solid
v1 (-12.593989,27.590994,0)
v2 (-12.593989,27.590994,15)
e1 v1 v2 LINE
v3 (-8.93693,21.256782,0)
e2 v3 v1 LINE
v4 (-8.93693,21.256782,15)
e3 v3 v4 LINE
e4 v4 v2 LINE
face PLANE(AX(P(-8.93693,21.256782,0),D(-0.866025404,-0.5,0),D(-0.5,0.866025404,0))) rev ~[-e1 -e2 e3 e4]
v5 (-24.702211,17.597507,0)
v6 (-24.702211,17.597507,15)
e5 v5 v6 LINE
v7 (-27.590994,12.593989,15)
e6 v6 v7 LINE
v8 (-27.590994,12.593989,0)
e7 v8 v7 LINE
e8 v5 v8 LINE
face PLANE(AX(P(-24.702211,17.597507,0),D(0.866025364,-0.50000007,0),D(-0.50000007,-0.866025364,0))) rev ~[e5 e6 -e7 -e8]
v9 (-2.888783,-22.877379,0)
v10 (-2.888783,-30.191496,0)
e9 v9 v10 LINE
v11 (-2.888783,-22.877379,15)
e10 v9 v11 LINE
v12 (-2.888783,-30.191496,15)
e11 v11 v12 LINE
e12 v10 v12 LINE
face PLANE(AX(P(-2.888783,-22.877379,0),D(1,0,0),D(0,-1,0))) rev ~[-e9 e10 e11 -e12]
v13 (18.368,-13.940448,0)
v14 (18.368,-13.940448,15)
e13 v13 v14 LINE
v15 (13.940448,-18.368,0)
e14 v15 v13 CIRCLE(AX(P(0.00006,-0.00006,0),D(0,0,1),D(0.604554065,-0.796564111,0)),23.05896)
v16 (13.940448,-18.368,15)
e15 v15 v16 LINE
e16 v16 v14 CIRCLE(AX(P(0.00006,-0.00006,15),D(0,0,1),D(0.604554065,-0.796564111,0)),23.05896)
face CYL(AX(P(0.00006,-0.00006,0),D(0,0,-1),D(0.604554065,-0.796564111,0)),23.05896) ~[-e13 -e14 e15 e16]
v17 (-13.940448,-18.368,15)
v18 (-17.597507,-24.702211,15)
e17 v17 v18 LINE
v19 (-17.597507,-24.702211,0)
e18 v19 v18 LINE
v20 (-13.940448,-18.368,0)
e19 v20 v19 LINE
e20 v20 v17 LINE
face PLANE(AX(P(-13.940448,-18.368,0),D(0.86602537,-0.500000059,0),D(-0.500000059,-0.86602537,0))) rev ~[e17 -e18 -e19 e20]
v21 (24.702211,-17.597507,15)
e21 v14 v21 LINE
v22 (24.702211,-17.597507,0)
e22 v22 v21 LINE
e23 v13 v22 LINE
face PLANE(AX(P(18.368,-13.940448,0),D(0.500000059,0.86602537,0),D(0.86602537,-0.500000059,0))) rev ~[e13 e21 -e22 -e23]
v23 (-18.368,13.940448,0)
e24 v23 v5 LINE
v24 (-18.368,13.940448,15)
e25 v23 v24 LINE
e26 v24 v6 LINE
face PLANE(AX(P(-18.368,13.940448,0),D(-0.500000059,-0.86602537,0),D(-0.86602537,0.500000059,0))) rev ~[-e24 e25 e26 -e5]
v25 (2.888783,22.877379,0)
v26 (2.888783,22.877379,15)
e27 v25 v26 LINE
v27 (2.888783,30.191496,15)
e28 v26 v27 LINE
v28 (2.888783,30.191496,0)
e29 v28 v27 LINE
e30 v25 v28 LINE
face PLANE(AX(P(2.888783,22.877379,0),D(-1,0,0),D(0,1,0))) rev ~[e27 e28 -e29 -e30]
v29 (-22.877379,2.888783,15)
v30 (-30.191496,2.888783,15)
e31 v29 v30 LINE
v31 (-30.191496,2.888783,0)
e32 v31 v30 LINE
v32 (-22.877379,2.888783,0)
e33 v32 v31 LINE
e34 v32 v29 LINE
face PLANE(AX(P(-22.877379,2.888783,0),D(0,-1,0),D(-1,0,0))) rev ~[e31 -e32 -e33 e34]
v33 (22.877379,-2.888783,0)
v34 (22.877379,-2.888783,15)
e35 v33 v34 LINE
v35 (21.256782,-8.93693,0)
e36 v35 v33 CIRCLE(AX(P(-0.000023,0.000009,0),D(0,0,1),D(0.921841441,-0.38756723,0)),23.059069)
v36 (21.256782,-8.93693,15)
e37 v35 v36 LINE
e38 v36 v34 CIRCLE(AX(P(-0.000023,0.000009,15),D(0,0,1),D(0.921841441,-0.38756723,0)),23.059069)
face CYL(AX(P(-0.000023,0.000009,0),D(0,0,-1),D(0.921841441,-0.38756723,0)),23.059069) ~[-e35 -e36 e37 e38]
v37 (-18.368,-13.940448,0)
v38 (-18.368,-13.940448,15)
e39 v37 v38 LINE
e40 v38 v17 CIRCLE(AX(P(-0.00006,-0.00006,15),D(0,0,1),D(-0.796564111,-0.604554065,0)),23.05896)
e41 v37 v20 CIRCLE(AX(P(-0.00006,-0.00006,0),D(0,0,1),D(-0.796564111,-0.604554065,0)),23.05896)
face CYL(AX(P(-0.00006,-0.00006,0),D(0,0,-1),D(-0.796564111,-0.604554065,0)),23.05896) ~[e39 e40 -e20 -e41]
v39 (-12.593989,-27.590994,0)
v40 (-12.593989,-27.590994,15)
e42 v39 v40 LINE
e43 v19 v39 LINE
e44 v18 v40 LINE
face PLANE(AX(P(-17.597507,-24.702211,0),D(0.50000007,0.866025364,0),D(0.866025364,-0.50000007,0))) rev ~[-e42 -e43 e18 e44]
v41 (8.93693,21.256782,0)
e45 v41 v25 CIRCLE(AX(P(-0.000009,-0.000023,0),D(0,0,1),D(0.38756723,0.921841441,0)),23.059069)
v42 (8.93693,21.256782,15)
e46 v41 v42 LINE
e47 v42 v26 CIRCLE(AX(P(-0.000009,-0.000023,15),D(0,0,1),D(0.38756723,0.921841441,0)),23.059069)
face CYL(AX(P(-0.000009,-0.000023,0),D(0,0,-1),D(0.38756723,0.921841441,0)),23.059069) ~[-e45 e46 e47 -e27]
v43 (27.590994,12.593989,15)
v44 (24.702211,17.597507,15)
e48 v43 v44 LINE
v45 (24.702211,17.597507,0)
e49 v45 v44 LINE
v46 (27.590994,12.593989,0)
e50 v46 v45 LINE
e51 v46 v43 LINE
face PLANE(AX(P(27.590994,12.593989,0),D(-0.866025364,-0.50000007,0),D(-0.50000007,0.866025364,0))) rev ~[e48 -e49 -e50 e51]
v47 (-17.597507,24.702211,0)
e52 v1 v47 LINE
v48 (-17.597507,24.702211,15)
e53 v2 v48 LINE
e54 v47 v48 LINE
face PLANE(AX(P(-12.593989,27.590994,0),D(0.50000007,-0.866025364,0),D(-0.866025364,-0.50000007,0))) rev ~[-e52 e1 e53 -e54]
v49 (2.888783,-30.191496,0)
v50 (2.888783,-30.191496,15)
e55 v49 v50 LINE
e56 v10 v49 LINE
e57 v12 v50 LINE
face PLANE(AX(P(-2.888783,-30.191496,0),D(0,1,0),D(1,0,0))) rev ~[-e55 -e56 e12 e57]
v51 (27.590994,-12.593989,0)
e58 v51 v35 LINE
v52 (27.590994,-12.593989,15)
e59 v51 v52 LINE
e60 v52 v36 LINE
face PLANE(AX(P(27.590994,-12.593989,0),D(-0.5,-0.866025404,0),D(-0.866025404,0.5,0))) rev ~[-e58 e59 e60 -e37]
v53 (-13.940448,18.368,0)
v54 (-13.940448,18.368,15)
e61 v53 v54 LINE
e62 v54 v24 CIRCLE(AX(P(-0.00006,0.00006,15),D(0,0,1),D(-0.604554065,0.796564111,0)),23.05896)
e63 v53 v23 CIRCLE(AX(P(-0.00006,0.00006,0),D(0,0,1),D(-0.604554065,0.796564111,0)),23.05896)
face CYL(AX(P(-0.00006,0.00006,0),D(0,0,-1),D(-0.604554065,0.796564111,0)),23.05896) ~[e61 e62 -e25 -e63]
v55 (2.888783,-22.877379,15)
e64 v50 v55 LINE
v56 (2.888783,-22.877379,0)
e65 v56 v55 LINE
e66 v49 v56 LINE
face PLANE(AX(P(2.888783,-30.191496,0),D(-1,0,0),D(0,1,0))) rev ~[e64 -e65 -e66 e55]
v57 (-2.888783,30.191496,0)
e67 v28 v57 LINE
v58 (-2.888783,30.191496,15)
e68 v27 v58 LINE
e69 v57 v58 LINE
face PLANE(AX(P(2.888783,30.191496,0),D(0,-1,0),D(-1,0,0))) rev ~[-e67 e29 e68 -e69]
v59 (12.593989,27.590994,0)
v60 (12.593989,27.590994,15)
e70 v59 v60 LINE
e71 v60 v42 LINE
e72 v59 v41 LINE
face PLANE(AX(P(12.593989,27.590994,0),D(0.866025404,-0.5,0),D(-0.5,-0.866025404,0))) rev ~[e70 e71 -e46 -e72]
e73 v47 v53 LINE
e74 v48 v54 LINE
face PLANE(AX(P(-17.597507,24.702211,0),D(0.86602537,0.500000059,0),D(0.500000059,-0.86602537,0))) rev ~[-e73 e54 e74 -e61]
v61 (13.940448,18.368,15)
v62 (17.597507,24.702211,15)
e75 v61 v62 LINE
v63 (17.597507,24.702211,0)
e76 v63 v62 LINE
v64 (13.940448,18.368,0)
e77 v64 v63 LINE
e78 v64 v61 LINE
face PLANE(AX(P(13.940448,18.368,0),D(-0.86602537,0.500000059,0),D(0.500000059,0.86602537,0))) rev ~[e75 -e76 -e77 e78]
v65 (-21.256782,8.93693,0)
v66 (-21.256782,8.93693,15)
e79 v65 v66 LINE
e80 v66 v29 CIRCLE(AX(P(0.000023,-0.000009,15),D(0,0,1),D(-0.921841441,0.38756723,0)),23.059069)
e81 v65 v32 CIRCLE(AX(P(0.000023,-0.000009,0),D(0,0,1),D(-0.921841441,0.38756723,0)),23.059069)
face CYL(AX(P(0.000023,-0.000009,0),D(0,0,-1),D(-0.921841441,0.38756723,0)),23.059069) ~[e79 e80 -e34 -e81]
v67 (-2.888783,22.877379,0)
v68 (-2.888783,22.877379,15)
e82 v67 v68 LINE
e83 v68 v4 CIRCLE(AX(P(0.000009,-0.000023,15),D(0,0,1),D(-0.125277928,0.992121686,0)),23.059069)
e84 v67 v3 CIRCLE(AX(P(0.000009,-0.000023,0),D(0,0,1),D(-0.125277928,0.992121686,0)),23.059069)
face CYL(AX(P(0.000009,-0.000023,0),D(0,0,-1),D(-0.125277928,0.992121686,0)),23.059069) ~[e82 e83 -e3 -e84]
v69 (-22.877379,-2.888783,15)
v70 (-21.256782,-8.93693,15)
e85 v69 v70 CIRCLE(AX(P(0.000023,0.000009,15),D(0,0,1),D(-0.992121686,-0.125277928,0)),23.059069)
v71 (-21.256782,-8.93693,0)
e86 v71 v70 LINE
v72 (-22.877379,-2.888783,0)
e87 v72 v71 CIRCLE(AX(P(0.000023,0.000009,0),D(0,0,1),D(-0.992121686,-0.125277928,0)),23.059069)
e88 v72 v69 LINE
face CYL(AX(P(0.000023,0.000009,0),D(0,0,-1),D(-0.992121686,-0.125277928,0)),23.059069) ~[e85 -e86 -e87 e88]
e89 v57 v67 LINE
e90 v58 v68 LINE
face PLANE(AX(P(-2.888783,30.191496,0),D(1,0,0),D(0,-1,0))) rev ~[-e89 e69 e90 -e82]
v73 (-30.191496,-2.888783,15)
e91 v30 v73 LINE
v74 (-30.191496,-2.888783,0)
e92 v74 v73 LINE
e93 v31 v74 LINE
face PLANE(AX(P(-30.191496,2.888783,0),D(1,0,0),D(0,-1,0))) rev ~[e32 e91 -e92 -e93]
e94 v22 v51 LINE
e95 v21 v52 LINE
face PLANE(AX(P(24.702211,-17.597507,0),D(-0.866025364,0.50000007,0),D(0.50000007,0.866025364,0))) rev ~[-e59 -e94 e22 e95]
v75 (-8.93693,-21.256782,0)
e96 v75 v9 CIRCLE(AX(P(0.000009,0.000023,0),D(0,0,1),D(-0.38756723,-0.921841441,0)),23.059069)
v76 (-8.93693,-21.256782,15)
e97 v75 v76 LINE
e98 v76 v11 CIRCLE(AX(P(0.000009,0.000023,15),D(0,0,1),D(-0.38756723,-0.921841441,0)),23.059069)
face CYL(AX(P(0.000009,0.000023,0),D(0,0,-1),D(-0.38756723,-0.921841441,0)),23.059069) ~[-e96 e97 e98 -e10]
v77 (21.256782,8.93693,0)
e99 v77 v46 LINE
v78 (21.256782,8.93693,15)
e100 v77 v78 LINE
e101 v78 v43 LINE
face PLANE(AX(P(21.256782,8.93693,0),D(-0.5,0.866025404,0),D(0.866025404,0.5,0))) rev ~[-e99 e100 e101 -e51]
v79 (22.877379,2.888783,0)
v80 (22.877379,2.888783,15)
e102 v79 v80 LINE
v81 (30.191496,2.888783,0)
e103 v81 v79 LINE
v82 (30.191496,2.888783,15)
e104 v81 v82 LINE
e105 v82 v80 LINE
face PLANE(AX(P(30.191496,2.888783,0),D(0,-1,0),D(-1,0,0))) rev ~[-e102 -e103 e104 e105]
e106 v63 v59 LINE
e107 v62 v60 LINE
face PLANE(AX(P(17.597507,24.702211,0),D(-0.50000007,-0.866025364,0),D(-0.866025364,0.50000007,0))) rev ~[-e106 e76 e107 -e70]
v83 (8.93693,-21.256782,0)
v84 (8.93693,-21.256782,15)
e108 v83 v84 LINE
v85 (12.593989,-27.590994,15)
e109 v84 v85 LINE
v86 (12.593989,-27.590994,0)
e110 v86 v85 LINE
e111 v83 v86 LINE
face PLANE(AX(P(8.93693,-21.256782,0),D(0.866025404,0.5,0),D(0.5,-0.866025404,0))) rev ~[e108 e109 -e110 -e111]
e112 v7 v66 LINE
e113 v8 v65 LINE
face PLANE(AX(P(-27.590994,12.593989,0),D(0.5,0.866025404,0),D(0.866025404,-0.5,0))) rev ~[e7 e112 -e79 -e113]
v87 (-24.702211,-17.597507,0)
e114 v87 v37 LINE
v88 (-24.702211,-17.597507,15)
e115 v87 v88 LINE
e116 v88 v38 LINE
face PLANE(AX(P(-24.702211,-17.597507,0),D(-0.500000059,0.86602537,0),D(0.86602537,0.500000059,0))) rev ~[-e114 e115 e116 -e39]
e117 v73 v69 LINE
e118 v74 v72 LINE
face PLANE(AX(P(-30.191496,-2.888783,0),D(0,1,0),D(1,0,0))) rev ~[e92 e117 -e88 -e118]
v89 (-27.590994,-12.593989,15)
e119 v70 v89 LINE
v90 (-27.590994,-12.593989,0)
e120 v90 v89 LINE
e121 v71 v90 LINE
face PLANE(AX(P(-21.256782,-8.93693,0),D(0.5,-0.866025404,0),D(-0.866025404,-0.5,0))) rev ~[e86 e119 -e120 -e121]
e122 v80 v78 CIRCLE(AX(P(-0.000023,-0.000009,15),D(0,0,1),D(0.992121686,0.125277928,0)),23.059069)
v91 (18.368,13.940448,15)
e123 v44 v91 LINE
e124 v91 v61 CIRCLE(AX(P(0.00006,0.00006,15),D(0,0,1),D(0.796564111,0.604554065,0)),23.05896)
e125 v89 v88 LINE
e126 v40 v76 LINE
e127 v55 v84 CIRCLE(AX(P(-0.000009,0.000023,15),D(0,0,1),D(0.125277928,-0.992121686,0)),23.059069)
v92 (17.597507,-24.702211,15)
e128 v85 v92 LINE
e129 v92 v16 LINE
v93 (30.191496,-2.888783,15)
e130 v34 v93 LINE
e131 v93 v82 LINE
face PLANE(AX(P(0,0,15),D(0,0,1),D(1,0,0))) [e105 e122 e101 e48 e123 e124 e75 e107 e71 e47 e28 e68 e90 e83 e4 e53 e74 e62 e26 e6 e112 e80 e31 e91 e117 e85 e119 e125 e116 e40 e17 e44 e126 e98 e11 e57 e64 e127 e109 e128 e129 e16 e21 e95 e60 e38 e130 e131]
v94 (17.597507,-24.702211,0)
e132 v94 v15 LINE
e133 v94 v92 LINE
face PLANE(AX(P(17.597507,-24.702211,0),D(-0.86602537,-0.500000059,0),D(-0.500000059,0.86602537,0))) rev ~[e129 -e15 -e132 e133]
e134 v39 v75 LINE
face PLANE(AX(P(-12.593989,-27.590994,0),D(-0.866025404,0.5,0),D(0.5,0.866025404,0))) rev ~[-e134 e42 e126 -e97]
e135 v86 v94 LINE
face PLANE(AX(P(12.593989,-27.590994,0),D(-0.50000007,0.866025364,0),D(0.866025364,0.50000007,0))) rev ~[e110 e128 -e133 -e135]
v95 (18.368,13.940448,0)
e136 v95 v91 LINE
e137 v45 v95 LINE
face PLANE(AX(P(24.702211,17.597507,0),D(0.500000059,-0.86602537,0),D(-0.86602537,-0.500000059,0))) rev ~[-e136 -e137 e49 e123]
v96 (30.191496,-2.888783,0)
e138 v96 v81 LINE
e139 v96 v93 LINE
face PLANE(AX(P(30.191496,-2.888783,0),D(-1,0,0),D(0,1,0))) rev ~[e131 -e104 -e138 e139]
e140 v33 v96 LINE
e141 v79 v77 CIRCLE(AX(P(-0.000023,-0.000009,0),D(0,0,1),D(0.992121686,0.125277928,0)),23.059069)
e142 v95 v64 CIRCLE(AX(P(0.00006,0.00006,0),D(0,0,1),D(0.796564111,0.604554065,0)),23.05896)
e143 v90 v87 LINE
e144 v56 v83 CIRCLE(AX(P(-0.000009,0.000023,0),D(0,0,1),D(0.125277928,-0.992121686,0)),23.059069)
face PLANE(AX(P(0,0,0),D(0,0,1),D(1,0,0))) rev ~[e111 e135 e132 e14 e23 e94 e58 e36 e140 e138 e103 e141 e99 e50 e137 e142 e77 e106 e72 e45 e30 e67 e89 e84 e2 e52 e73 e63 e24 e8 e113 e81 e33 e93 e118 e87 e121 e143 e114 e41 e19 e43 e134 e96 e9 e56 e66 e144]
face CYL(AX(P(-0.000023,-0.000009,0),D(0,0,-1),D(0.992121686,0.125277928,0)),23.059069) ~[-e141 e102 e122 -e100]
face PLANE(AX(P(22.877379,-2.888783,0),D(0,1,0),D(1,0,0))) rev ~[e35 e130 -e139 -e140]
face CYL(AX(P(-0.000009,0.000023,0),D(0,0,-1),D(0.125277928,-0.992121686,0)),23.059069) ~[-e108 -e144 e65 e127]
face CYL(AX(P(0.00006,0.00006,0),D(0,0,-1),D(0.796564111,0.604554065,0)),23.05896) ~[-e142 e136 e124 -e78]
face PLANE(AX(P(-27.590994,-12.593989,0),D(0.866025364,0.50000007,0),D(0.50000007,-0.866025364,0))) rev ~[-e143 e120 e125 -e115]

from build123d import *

# Parameters (mm, degrees)
F1_DEPTH = 15


with BuildPart() as f1:
    # F0 (on Top) → F1 (new body)
    with BuildSketch(Plane.XY):
        with BuildLine():
            Line((-2.888783, 30.191496), (-2.888783, 22.877379))
            ThreePointArc((-2.888783, 22.877379), (-5.96812, 22.273326), (-8.93693, 21.256782))
            Line((-8.93693, 21.256782), (-12.593989, 27.590994))
            Line((-12.593989, 27.590994), (-17.597507, 24.702211))
            Line((-17.597507, 24.702211), (-13.940448, 18.368))
            ThreePointArc((-13.940448, 18.368), (-16.305207, 16.305207), (-18.368, 13.940448))
            Line((-18.368, 13.940448), (-24.702211, 17.597507))
            Line((-24.702211, 17.597507), (-27.590994, 12.593989))
            Line((-27.590994, 12.593989), (-21.256782, 8.93693))
            ThreePointArc((-21.256782, 8.93693), (-22.273326, 5.96812), (-22.877379, 2.888783))
            Line((-22.877379, 2.888783), (-30.191496, 2.888783))
            Line((-30.191496, 2.888783), (-30.191496, -2.888783))
            Line((-30.191496, -2.888783), (-22.877379, -2.888783))
            ThreePointArc((-22.877379, -2.888783), (-22.273326, -5.96812), (-21.256782, -8.93693))
            Line((-21.256782, -8.93693), (-27.590994, -12.593989))
            Line((-27.590994, -12.593989), (-24.702211, -17.597507))
            Line((-24.702211, -17.597507), (-18.368, -13.940448))
            ThreePointArc((-18.368, -13.940448), (-16.305207, -16.305207), (-13.940448, -18.368))
            Line((-13.940448, -18.368), (-17.597507, -24.702211))
            Line((-17.597507, -24.702211), (-12.593989, -27.590994))
            Line((-12.593989, -27.590994), (-8.93693, -21.256782))
            ThreePointArc((-8.93693, -21.256782), (-5.96812, -22.273326), (-2.888783, -22.877379))
            Line((-2.888783, -22.877379), (-2.888783, -30.191496))
            Line((-2.888783, -30.191496), (2.888783, -30.191496))
            Line((2.888783, -30.191496), (2.888783, -22.877379))
            ThreePointArc((2.888783, -22.877379), (5.96812, -22.273326), (8.93693, -21.256782))
            Line((8.93693, -21.256782), (12.593989, -27.590994))
            Line((12.593989, -27.590994), (17.597507, -24.702211))
            Line((17.597507, -24.702211), (13.940448, -18.368))
            ThreePointArc((13.940448, -18.368), (16.305207, -16.305207), (18.368, -13.940448))
            Line((18.368, -13.940448), (24.702211, -17.597507))
            Line((24.702211, -17.597507), (27.590994, -12.593989))
            Line((27.590994, -12.593989), (21.256782, -8.93693))
            ThreePointArc((21.256782, -8.93693), (22.273326, -5.96812), (22.877379, -2.888783))
            Line((22.877379, -2.888783), (30.191496, -2.888783))
            Line((30.191496, -2.888783), (30.191496, 2.888783))
            Line((30.191496, 2.888783), (22.877379, 2.888783))
            ThreePointArc((22.877379, 2.888783), (22.273326, 5.96812), (21.256782, 8.93693))
            Line((21.256782, 8.93693), (27.590994, 12.593989))
            Line((27.590994, 12.593989), (24.702211, 17.597507))
            Line((24.702211, 17.597507), (18.368, 13.940448))
            ThreePointArc((18.368, 13.940448), (16.305207, 16.305207), (13.940448, 18.368))
            Line((13.940448, 18.368), (17.597507, 24.702211))
            Line((17.597507, 24.702211), (12.593989, 27.590994))
            Line((12.593989, 27.590994), (8.93693, 21.256782))
            ThreePointArc((8.93693, 21.256782), (5.96812, 22.273326), (2.888783, 22.877379))
            Line((2.888783, 22.877379), (2.888783, 30.191496))
            Line((2.888783, 30.191496), (-2.888783, 30.191496))
        make_face()
    extrude(amount=F1_DEPTH)


solid = f1.part
